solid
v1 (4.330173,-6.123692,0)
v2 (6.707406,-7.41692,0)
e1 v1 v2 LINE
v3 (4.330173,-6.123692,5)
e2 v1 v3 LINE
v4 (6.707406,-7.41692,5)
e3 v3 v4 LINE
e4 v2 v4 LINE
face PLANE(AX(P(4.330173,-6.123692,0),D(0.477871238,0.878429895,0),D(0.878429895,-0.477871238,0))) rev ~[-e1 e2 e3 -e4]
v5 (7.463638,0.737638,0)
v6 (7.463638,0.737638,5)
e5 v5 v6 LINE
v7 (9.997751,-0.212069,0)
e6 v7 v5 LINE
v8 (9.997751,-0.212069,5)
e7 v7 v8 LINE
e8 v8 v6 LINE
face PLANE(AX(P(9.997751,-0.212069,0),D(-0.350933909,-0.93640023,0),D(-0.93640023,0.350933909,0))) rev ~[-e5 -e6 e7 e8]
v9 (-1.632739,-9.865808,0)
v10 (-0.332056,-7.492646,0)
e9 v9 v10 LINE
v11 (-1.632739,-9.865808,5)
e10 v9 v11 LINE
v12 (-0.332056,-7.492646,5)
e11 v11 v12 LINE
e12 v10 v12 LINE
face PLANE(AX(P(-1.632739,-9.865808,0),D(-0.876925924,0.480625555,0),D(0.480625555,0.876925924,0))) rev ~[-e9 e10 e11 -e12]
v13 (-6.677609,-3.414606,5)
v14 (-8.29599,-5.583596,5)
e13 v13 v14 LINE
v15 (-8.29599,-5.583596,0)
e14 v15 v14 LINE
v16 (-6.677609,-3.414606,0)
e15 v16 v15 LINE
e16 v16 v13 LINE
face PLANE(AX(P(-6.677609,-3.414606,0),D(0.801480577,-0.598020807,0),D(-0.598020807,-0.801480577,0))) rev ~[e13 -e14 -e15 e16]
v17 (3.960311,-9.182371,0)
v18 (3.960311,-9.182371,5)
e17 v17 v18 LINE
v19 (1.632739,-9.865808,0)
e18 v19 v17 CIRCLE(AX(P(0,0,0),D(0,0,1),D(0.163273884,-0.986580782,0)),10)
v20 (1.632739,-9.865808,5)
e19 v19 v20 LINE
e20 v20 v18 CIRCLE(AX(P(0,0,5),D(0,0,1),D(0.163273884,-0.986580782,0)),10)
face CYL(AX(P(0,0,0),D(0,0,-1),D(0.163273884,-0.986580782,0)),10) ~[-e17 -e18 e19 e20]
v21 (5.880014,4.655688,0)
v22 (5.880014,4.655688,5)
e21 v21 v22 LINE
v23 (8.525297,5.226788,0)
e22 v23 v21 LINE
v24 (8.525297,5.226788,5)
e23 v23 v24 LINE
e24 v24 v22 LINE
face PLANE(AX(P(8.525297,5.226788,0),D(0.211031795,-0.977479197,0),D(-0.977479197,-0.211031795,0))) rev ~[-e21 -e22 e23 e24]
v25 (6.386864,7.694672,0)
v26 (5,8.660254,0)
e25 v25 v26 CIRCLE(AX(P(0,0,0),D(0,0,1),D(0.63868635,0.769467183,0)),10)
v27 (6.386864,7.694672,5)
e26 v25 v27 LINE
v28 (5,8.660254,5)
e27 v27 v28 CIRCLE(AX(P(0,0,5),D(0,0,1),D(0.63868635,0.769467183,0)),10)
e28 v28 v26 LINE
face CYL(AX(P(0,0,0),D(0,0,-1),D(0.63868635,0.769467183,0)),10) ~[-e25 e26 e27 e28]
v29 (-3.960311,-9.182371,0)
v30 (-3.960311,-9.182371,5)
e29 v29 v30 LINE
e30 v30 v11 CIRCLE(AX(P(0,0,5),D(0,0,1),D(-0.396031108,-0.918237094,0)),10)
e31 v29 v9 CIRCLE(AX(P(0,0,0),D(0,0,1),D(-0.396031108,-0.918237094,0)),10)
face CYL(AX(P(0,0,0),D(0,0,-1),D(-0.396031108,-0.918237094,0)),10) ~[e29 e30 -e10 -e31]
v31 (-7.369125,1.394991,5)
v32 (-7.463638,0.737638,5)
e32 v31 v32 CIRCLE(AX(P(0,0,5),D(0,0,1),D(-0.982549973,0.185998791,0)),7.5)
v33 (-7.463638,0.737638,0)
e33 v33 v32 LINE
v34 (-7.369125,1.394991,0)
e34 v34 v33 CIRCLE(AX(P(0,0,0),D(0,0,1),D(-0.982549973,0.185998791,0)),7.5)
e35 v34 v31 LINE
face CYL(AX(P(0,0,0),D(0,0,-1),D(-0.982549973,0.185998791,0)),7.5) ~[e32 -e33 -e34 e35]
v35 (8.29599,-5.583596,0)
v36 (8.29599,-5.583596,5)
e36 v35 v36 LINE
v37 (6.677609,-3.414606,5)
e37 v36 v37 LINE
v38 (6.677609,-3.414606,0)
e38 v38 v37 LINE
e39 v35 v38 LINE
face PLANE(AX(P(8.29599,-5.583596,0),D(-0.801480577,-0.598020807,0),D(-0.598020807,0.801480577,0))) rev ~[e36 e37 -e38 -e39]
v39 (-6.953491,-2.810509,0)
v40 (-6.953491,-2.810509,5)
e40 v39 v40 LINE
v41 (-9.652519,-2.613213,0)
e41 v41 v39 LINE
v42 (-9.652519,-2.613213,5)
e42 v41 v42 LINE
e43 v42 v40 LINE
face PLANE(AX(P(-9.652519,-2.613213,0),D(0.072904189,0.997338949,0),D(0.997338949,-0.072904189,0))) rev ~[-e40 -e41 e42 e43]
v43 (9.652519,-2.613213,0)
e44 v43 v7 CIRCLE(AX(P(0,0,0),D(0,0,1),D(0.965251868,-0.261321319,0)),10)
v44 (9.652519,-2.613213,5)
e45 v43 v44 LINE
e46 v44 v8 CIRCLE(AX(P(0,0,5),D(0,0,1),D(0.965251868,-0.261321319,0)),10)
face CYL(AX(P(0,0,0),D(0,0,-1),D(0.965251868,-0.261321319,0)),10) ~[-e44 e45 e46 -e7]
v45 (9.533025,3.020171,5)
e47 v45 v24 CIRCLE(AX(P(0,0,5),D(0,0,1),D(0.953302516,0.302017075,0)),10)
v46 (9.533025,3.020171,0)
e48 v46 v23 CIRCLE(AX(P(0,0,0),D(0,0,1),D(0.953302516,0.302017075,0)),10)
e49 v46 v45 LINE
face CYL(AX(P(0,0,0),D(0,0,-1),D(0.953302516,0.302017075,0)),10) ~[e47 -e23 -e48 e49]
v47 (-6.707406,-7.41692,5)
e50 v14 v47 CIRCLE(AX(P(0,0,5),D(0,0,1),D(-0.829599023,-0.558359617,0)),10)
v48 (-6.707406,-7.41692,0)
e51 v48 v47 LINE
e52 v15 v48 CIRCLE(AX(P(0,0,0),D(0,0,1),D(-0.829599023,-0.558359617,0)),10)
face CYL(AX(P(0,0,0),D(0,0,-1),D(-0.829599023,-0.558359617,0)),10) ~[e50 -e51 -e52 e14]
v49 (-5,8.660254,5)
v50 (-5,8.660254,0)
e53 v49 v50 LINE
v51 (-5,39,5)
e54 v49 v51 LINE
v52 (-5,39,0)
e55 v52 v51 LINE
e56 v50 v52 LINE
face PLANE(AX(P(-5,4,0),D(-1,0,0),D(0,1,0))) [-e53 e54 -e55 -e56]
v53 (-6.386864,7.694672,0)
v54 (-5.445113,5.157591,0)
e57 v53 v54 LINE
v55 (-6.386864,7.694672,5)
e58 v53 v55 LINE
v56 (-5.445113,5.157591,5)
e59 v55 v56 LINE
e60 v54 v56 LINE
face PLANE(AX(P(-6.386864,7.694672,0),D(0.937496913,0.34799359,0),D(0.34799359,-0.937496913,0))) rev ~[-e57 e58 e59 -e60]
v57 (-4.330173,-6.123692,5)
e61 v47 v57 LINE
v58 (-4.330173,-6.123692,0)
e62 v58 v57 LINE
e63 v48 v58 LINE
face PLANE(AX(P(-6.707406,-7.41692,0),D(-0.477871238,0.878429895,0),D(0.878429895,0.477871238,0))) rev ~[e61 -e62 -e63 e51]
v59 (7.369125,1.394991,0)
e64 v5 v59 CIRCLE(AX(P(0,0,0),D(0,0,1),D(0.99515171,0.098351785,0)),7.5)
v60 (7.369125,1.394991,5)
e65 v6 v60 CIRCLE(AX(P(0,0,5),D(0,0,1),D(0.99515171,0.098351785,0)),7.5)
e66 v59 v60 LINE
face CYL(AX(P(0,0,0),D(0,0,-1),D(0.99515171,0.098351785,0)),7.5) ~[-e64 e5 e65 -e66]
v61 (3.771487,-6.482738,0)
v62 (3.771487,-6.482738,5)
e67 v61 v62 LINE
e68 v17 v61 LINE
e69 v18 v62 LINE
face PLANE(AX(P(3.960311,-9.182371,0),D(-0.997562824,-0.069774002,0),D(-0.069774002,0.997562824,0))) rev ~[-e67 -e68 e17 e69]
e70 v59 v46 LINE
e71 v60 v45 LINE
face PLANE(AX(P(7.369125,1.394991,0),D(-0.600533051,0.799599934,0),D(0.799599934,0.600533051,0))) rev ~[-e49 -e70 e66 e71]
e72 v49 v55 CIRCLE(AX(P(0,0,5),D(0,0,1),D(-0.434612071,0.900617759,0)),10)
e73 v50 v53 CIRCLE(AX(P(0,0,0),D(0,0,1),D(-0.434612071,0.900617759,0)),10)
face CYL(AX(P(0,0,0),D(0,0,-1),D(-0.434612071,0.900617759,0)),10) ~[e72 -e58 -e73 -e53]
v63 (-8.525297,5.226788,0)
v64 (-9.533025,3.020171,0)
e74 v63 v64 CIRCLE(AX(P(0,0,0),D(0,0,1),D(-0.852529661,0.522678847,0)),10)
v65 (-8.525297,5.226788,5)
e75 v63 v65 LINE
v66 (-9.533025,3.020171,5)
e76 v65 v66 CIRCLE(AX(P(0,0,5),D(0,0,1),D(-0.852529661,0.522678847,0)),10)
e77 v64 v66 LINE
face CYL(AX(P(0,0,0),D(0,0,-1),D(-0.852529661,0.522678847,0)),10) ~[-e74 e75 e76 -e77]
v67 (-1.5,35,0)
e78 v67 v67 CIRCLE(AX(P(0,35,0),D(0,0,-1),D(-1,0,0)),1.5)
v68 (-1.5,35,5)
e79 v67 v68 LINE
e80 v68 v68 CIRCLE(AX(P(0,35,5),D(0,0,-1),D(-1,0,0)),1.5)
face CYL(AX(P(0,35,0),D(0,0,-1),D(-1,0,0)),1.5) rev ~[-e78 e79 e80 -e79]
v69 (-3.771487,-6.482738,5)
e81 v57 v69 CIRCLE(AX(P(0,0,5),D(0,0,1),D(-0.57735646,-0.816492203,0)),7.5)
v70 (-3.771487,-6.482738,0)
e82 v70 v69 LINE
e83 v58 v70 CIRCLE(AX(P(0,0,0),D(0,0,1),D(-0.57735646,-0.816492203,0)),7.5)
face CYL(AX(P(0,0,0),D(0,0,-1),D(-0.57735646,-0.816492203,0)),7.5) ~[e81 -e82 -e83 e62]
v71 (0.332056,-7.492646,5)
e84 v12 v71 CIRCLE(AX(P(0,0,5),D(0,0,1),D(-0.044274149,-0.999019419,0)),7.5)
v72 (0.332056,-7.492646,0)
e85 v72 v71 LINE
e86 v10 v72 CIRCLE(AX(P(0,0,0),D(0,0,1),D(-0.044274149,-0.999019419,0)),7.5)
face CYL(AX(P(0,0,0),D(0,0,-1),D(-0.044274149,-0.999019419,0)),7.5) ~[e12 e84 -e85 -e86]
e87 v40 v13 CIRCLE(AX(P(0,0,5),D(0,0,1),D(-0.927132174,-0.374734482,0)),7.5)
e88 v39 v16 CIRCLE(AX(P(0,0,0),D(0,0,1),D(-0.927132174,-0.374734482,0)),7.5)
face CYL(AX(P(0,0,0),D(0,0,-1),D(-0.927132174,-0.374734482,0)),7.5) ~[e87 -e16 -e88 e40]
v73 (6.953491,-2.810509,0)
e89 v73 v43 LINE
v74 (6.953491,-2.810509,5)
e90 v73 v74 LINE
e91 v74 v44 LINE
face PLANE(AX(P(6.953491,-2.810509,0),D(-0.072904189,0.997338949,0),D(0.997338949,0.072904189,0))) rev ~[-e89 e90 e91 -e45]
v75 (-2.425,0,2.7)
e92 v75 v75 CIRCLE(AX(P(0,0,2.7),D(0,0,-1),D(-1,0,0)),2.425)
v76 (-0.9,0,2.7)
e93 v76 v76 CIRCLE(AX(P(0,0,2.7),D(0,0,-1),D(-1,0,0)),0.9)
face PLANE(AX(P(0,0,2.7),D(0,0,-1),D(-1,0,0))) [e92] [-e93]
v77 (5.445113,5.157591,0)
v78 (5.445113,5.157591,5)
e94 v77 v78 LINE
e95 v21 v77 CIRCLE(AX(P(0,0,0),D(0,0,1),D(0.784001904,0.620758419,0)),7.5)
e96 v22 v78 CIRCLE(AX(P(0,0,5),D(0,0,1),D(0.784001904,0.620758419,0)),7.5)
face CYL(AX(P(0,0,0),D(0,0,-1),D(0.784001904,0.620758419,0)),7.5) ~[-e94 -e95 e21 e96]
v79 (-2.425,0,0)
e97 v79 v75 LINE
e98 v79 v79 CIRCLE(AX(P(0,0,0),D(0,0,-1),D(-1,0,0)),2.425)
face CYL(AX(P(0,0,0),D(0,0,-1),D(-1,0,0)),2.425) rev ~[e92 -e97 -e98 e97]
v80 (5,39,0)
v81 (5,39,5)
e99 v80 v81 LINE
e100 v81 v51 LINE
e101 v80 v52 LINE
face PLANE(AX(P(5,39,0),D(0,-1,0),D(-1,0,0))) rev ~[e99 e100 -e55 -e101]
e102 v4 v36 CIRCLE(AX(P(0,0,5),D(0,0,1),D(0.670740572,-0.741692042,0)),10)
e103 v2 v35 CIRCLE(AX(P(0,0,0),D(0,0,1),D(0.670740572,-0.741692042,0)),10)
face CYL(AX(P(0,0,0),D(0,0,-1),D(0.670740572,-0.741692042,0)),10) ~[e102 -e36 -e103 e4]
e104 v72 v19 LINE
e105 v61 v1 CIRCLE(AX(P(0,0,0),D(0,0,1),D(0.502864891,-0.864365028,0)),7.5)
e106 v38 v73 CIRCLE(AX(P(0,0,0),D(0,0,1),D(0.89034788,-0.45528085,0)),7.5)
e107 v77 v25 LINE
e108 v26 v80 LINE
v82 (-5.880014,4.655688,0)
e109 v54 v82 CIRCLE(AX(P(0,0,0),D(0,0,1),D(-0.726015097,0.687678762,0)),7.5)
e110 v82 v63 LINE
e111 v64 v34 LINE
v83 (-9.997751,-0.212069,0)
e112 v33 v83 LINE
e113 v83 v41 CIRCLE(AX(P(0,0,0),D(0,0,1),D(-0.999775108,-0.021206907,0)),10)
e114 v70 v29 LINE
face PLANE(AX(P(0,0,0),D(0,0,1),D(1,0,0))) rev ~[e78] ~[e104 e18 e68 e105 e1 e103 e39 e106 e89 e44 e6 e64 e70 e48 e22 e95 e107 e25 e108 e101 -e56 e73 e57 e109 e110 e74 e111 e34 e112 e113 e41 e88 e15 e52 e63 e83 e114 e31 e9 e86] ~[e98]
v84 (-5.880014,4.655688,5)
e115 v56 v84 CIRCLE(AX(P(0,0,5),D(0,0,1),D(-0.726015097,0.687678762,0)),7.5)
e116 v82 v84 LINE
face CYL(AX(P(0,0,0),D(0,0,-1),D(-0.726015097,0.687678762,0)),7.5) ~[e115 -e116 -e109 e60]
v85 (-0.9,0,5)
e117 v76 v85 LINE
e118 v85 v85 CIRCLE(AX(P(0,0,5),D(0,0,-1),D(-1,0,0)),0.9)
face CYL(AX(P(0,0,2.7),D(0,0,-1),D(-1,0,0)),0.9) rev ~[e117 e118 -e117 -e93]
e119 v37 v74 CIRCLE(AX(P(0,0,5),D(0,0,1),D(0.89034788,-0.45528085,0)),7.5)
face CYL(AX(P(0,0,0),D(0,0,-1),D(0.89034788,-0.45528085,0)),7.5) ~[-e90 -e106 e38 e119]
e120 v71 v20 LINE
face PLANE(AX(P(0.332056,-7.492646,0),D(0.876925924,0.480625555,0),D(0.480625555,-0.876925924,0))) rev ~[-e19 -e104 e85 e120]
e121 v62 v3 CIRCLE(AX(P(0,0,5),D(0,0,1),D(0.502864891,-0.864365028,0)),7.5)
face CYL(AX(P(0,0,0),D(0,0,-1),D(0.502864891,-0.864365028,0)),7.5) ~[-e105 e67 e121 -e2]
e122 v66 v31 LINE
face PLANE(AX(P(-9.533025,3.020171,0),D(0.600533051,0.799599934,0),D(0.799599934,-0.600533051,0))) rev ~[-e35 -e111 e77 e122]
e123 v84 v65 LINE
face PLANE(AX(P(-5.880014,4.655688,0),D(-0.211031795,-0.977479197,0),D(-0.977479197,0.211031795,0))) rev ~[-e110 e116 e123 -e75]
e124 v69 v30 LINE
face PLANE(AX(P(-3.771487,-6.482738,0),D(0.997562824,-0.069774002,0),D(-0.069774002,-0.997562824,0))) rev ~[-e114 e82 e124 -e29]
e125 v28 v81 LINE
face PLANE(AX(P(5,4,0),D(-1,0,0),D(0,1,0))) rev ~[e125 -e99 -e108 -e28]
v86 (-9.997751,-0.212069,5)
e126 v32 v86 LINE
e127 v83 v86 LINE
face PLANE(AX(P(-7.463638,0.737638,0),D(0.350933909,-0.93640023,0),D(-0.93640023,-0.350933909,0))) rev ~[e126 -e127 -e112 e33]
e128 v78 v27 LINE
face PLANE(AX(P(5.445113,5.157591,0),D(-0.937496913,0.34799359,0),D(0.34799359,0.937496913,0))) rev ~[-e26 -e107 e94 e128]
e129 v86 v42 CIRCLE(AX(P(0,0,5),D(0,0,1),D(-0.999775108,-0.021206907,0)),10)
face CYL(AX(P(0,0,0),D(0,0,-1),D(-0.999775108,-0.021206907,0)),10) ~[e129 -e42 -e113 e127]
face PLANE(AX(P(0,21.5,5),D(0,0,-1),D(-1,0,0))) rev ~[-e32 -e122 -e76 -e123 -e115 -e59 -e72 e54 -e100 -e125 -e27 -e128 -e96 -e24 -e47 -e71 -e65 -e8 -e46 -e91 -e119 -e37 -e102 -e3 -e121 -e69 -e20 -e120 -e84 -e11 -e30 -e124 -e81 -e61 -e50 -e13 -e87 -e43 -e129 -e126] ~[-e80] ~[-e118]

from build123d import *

# Parameters (mm, degrees)
BOSS_EXTRUDE1_DEPTH = 5
SKETCH5_R           = 2.425
CUT_EXTRUDE2_DEPTH  = 2.7
SKETCH6_R           = 0.9
CUT_EXTRUDE3_DEPTH  = 12
SKETCH7_W           = 10
SKETCH7_H           = 35
BOSS_EXTRUDE3_DEPTH = 5
SKETCH8_R           = 1.5
CUT_EXTRUDE4_DEPTH  = 12


with BuildPart() as part:
    # Sketch1 → Boss-Extrude1 (new body)
    with BuildSketch(Plane.XY):
        with BuildLine():
            Line((-1.212917817, 9.926168967), (-1.792316692, 7.28269187))
            ThreePointArc((-1.792316692, 7.28269187), (-2.112994176, 7.196197302), (-2.429527737, 7.095589826))
            Line((-2.429527737, 7.095589826), (-4.346120706, 9.006177592))
            ThreePointArc((-4.346120706, 9.006177592), (-5.406408175, 8.412535328), (-6.386863504, 7.694671831))
            Line((-6.386863504, 7.694671831), (-5.445113235, 5.157590703))
            ThreePointArc((-5.445113235, 5.157590703), (-5.668121808, 4.911455505), (-5.880014276, 4.655688147))
            Line((-5.880014276, 4.655688147), (-8.525296613, 5.226788465))
            ThreePointArc((-8.525296613, 5.226788465), (-9.096319954, 4.15415013), (-9.533025155, 3.020170756))
            Line((-9.533025155, 3.020170756), (-7.369124799, 1.394990929))
            ThreePointArc((-7.369124799, 1.394990929), (-7.423660814, 1.067361287), (-7.463637828, 0.737638377))
            Line((-7.463637828, 0.737638377), (-9.997751083, -0.212069068))
            ThreePointArc((-9.997751083, -0.212069068), (-9.898214419, -1.423148383), (-9.652518677, -2.613213194))
            Line((-9.652518677, -2.613213194), (-6.953491308, -2.810508608))
            ThreePointArc((-6.953491308, -2.810508608), (-6.822239965, -3.115612598), (-6.677609105, -3.414606366))
            Line((-6.677609105, -3.414606366), (-8.295990224, -5.583596171))
            ThreePointArc((-8.295990224, -5.583596171), (-7.557495744, -6.548607339), (-6.70740572, -7.416920419))
            Line((-6.70740572, -7.416920419), (-4.330173457, -6.12369152))
            ThreePointArc((-4.330173457, -6.12369152), (-4.054806131, -6.309401496), (-3.771486674, -6.482737714))
            Line((-3.771486674, -6.482737714), (-3.960311086, -9.182370941))
            ThreePointArc((-3.960311086, -9.182370941), (-2.817325568, -9.594929736), (-1.63273884, -9.865807817))
            Line((-1.63273884, -9.865807817), (-0.332056129, -7.492645643))
            ThreePointArc((-0.332056129, -7.492645643), (0, -7.5), (0.332056129, -7.492645643))
            Line((0.332056129, -7.492645643), (1.63273884, -9.865807817))
            ThreePointArc((1.63273884, -9.865807817), (2.817325568, -9.594929736), (3.960311086, -9.182370941))
            Line((3.960311086, -9.182370941), (3.771486674, -6.482737714))
            ThreePointArc((3.771486674, -6.482737714), (4.054806131, -6.309401496), (4.330173457, -6.12369152))
            Line((4.330173457, -6.12369152), (6.70740572, -7.416920419))
            ThreePointArc((6.70740572, -7.416920419), (7.557495744, -6.548607339), (8.295990224, -5.583596171))
            Line((8.295990224, -5.583596171), (6.677609105, -3.414606366))
            ThreePointArc((6.677609105, -3.414606366), (6.822239965, -3.115612598), (6.953491308, -2.810508608))
            Line((6.953491308, -2.810508608), (9.652518677, -2.613213194))
            ThreePointArc((9.652518677, -2.613213194), (9.898214419, -1.423148383), (9.997751083, -0.212069068))
            Line((9.997751083, -0.212069068), (7.463637828, 0.737638377))
            ThreePointArc((7.463637828, 0.737638377), (7.423660814, 1.067361287), (7.369124799, 1.394990929))
            Line((7.369124799, 1.394990929), (9.533025155, 3.020170756))
            ThreePointArc((9.533025155, 3.020170756), (9.096319954, 4.15415013), (8.525296613, 5.226788465))
            Line((8.525296613, 5.226788465), (5.880014276, 4.655688147))
            ThreePointArc((5.880014276, 4.655688147), (5.668121808, 4.911455505), (5.445113235, 5.157590703))
            Line((5.445113235, 5.157590703), (6.386863504, 7.694671831))
            ThreePointArc((6.386863504, 7.694671831), (5.406408175, 8.412535328), (4.346120706, 9.006177592))
            Line((4.346120706, 9.006177592), (2.429527737, 7.095589826))
            ThreePointArc((2.429527737, 7.095589826), (2.112994176, 7.196197302), (1.792316692, 7.28269187))
            Line((1.792316692, 7.28269187), (1.212917817, 9.926168967))
            ThreePointArc((1.212917817, 9.926168967), (0, 10), (-1.212917817, 9.926168967))
        make_face()
    extrude(amount=BOSS_EXTRUDE1_DEPTH)

    # Sketch5 → Cut-Extrude2 (cut)
    with BuildSketch(Plane(origin=(0, 0, 0), x_dir=(-1, 0, 0), z_dir=(0, 0, -1))):
        Circle(SKETCH5_R)
    extrude(amount=-CUT_EXTRUDE2_DEPTH, mode=Mode.SUBTRACT)

    # Sketch6 → Cut-Extrude3 (cut)
    with BuildSketch(Plane(origin=(0, 0, 2.7), x_dir=(-1, 0, 0), z_dir=(0, 0, -1))):
        Circle(SKETCH6_R)
    extrude(amount=-CUT_EXTRUDE3_DEPTH, mode=Mode.SUBTRACT)

    # Sketch7 → Boss-Extrude3 (add)
    with BuildSketch(Plane(origin=(0, 0, 0), x_dir=(-1, 0, 0), z_dir=(0, 0, -1))):
        with Locations((0, 21.5)):
            Rectangle(SKETCH7_W, SKETCH7_H)
    extrude(amount=-BOSS_EXTRUDE3_DEPTH)

    # Sketch8 → Cut-Extrude4 (cut)
    with BuildSketch(Plane(origin=(0, 0, 0), x_dir=(-1, 0, 0), z_dir=(0, 0, -1))):
        with Locations((0, 35)):
            Circle(SKETCH8_R)
    extrude(amount=-CUT_EXTRUDE4_DEPTH, mode=Mode.SUBTRACT)


solid = part.part
